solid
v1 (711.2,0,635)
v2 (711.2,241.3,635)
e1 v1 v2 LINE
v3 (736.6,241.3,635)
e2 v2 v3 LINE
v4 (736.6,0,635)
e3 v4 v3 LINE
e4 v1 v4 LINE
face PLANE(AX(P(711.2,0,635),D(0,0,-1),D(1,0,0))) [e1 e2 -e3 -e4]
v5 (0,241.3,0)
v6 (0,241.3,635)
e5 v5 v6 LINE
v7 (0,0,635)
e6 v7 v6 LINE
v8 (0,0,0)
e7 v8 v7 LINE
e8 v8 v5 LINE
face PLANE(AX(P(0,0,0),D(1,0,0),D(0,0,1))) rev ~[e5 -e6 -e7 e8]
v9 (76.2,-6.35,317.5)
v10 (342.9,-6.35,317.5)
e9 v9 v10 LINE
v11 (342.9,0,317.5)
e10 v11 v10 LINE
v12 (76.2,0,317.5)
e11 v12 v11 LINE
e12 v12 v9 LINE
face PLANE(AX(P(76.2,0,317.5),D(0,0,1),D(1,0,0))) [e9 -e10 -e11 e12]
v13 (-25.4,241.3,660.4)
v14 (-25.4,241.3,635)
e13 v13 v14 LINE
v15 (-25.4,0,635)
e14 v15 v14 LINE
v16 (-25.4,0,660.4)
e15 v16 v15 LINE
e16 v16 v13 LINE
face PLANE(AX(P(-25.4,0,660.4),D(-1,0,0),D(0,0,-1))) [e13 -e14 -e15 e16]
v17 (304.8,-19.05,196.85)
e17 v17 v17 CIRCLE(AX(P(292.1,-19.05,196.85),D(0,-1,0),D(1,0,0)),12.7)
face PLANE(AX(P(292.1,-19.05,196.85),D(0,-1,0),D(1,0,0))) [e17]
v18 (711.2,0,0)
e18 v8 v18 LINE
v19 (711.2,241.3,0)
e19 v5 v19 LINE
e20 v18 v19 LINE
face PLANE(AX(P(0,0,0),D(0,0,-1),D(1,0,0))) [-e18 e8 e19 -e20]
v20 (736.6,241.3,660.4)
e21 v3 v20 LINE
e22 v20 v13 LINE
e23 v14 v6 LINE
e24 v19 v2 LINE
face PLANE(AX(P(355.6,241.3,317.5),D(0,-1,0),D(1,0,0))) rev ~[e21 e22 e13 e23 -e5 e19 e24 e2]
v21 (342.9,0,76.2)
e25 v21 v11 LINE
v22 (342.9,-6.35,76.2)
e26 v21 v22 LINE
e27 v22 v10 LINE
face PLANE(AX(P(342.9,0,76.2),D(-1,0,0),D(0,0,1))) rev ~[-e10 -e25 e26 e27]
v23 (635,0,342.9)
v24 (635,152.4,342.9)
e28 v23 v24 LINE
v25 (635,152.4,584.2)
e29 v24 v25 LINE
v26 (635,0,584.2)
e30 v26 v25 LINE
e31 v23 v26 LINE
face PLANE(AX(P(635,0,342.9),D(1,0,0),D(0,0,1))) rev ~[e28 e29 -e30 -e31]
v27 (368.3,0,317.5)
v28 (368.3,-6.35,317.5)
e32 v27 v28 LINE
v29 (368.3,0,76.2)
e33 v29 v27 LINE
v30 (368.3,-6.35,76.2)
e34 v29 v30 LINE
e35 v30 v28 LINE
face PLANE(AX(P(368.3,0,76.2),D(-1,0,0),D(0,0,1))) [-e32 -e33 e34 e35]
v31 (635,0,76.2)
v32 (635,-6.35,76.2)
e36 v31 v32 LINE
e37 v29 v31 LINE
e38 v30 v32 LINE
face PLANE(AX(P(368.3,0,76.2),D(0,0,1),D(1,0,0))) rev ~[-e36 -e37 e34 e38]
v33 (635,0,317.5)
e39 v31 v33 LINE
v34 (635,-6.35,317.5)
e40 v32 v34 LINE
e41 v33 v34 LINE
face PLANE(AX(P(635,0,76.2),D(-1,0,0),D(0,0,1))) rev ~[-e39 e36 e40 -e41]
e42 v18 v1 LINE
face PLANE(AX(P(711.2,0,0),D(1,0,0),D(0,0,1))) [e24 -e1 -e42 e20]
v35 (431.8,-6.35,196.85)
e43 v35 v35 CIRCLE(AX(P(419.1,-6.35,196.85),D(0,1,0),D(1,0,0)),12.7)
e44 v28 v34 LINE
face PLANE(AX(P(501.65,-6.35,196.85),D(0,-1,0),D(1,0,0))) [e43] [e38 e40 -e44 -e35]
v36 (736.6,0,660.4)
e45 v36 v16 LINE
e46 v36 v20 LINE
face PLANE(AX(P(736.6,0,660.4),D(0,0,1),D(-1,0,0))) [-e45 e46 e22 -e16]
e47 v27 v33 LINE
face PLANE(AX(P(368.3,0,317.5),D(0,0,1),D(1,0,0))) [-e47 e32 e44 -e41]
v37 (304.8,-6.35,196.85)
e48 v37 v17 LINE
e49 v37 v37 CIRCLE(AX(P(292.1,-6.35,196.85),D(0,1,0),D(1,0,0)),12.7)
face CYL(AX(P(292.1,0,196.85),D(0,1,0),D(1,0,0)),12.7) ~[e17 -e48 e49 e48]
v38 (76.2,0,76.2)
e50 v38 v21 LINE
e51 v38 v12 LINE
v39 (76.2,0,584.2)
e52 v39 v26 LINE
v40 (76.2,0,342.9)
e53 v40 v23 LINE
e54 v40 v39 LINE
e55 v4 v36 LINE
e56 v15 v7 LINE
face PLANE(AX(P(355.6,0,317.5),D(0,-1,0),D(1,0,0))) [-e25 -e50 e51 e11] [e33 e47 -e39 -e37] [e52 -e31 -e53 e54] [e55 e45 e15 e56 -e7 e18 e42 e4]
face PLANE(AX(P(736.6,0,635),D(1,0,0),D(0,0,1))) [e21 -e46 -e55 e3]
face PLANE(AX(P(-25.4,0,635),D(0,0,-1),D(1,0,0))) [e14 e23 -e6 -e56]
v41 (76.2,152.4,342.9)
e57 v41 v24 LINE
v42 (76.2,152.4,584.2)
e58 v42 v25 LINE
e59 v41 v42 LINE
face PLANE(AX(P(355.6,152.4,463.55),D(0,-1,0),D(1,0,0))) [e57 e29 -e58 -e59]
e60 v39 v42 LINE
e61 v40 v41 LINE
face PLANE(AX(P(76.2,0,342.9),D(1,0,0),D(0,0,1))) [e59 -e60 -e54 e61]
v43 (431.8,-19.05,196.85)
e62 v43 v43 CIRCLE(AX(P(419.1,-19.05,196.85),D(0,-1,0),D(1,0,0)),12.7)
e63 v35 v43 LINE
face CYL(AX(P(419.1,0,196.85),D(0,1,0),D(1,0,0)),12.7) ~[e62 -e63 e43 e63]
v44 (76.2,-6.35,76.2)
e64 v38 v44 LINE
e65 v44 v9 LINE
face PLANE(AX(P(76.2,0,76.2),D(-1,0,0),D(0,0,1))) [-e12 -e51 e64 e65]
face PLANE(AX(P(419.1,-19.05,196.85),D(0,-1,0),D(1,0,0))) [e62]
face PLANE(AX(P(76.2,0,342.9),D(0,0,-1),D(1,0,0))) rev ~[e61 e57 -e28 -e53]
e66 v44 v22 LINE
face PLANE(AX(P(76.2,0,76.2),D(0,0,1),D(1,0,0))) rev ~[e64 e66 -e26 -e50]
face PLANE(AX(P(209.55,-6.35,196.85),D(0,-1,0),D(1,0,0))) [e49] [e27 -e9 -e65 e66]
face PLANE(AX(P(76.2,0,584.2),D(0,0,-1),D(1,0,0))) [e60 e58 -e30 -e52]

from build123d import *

# Parameters (mm, degrees)
F0_W     = 711.2
F0_H     = 635
F0_W_2   = 266.7
F0_H_2   = 241.3
F0_W_3   = 558.8
F0_R     = 12.7
F1_DEPTH = 241.3
F2_DEPTH = 152.4
F3_DEPTH = 6.35
F4_DEPTH = 19.05


with BuildPart() as f1:
    # F0 (on Front) → F1 (new body)
    with BuildSketch(Plane.XZ):
        with Locations((355.6, 317.5)):
            Rectangle(F0_W, F0_H)
        with Locations((209.55, 196.85)):
            Rectangle(F0_W_2, F0_H_2, mode=Mode.SUBTRACT)
        with Locations((501.65, 196.85)):
            Rectangle(F0_W_2, F0_H_2, mode=Mode.SUBTRACT)
        with Locations((355.6, 463.55)):
            Rectangle(F0_W_3, F0_H_2, mode=Mode.SUBTRACT)
        Polygon((-25.4, 635), (0, 635), (711.2, 635), (736.6, 635), (736.6, 660.4), (-25.4, 660.4), align=None)
        with Locations((209.55, 196.85)):
            Rectangle(F0_W_2, F0_H_2)
        with Locations((292.1, 196.85)):
            Circle(F0_R, mode=Mode.SUBTRACT)
        with Locations((501.65, 196.85)):
            Rectangle(F0_W_2, F0_H_2)
        with Locations((419.1, 196.85)):
            Circle(F0_R, mode=Mode.SUBTRACT)
        with Locations((419.1, 196.85)):
            Circle(F0_R)
        with Locations((292.1, 196.85)):
            Circle(F0_R)
        with Locations((355.6, 463.55)):
            Rectangle(F0_W_3, F0_H_2)
    extrude(amount=-F1_DEPTH)

    # F0 (on Front) → F2 (cut)
    with BuildSketch(Plane.XZ):
        with Locations((355.6, 463.55)):
            Rectangle(F0_W_3, F0_H_2)
    extrude(amount=-F2_DEPTH, mode=Mode.SUBTRACT)

    # F0 (on Front) → F3 (join)
    with BuildSketch(Plane.XZ):
        with Locations((209.55, 196.85)):
            Rectangle(F0_W_2, F0_H_2)
        with Locations((292.1, 196.85)):
            Circle(F0_R, mode=Mode.SUBTRACT)
        with Locations((501.65, 196.85)):
            Rectangle(F0_W_2, F0_H_2)
        with Locations((419.1, 196.85)):
            Circle(F0_R, mode=Mode.SUBTRACT)
        with Locations((419.1, 196.85)):
            Circle(F0_R)
        with Locations((292.1, 196.85)):
            Circle(F0_R)
    extrude(amount=F3_DEPTH)

    # F0 (on Front) → F4 (join)
    with BuildSketch(Plane.XZ):
        with Locations((419.1, 196.85)):
            Circle(F0_R)
        with Locations((292.1, 196.85)):
            Circle(F0_R)
    extrude(amount=F4_DEPTH)


solid = f1.part
